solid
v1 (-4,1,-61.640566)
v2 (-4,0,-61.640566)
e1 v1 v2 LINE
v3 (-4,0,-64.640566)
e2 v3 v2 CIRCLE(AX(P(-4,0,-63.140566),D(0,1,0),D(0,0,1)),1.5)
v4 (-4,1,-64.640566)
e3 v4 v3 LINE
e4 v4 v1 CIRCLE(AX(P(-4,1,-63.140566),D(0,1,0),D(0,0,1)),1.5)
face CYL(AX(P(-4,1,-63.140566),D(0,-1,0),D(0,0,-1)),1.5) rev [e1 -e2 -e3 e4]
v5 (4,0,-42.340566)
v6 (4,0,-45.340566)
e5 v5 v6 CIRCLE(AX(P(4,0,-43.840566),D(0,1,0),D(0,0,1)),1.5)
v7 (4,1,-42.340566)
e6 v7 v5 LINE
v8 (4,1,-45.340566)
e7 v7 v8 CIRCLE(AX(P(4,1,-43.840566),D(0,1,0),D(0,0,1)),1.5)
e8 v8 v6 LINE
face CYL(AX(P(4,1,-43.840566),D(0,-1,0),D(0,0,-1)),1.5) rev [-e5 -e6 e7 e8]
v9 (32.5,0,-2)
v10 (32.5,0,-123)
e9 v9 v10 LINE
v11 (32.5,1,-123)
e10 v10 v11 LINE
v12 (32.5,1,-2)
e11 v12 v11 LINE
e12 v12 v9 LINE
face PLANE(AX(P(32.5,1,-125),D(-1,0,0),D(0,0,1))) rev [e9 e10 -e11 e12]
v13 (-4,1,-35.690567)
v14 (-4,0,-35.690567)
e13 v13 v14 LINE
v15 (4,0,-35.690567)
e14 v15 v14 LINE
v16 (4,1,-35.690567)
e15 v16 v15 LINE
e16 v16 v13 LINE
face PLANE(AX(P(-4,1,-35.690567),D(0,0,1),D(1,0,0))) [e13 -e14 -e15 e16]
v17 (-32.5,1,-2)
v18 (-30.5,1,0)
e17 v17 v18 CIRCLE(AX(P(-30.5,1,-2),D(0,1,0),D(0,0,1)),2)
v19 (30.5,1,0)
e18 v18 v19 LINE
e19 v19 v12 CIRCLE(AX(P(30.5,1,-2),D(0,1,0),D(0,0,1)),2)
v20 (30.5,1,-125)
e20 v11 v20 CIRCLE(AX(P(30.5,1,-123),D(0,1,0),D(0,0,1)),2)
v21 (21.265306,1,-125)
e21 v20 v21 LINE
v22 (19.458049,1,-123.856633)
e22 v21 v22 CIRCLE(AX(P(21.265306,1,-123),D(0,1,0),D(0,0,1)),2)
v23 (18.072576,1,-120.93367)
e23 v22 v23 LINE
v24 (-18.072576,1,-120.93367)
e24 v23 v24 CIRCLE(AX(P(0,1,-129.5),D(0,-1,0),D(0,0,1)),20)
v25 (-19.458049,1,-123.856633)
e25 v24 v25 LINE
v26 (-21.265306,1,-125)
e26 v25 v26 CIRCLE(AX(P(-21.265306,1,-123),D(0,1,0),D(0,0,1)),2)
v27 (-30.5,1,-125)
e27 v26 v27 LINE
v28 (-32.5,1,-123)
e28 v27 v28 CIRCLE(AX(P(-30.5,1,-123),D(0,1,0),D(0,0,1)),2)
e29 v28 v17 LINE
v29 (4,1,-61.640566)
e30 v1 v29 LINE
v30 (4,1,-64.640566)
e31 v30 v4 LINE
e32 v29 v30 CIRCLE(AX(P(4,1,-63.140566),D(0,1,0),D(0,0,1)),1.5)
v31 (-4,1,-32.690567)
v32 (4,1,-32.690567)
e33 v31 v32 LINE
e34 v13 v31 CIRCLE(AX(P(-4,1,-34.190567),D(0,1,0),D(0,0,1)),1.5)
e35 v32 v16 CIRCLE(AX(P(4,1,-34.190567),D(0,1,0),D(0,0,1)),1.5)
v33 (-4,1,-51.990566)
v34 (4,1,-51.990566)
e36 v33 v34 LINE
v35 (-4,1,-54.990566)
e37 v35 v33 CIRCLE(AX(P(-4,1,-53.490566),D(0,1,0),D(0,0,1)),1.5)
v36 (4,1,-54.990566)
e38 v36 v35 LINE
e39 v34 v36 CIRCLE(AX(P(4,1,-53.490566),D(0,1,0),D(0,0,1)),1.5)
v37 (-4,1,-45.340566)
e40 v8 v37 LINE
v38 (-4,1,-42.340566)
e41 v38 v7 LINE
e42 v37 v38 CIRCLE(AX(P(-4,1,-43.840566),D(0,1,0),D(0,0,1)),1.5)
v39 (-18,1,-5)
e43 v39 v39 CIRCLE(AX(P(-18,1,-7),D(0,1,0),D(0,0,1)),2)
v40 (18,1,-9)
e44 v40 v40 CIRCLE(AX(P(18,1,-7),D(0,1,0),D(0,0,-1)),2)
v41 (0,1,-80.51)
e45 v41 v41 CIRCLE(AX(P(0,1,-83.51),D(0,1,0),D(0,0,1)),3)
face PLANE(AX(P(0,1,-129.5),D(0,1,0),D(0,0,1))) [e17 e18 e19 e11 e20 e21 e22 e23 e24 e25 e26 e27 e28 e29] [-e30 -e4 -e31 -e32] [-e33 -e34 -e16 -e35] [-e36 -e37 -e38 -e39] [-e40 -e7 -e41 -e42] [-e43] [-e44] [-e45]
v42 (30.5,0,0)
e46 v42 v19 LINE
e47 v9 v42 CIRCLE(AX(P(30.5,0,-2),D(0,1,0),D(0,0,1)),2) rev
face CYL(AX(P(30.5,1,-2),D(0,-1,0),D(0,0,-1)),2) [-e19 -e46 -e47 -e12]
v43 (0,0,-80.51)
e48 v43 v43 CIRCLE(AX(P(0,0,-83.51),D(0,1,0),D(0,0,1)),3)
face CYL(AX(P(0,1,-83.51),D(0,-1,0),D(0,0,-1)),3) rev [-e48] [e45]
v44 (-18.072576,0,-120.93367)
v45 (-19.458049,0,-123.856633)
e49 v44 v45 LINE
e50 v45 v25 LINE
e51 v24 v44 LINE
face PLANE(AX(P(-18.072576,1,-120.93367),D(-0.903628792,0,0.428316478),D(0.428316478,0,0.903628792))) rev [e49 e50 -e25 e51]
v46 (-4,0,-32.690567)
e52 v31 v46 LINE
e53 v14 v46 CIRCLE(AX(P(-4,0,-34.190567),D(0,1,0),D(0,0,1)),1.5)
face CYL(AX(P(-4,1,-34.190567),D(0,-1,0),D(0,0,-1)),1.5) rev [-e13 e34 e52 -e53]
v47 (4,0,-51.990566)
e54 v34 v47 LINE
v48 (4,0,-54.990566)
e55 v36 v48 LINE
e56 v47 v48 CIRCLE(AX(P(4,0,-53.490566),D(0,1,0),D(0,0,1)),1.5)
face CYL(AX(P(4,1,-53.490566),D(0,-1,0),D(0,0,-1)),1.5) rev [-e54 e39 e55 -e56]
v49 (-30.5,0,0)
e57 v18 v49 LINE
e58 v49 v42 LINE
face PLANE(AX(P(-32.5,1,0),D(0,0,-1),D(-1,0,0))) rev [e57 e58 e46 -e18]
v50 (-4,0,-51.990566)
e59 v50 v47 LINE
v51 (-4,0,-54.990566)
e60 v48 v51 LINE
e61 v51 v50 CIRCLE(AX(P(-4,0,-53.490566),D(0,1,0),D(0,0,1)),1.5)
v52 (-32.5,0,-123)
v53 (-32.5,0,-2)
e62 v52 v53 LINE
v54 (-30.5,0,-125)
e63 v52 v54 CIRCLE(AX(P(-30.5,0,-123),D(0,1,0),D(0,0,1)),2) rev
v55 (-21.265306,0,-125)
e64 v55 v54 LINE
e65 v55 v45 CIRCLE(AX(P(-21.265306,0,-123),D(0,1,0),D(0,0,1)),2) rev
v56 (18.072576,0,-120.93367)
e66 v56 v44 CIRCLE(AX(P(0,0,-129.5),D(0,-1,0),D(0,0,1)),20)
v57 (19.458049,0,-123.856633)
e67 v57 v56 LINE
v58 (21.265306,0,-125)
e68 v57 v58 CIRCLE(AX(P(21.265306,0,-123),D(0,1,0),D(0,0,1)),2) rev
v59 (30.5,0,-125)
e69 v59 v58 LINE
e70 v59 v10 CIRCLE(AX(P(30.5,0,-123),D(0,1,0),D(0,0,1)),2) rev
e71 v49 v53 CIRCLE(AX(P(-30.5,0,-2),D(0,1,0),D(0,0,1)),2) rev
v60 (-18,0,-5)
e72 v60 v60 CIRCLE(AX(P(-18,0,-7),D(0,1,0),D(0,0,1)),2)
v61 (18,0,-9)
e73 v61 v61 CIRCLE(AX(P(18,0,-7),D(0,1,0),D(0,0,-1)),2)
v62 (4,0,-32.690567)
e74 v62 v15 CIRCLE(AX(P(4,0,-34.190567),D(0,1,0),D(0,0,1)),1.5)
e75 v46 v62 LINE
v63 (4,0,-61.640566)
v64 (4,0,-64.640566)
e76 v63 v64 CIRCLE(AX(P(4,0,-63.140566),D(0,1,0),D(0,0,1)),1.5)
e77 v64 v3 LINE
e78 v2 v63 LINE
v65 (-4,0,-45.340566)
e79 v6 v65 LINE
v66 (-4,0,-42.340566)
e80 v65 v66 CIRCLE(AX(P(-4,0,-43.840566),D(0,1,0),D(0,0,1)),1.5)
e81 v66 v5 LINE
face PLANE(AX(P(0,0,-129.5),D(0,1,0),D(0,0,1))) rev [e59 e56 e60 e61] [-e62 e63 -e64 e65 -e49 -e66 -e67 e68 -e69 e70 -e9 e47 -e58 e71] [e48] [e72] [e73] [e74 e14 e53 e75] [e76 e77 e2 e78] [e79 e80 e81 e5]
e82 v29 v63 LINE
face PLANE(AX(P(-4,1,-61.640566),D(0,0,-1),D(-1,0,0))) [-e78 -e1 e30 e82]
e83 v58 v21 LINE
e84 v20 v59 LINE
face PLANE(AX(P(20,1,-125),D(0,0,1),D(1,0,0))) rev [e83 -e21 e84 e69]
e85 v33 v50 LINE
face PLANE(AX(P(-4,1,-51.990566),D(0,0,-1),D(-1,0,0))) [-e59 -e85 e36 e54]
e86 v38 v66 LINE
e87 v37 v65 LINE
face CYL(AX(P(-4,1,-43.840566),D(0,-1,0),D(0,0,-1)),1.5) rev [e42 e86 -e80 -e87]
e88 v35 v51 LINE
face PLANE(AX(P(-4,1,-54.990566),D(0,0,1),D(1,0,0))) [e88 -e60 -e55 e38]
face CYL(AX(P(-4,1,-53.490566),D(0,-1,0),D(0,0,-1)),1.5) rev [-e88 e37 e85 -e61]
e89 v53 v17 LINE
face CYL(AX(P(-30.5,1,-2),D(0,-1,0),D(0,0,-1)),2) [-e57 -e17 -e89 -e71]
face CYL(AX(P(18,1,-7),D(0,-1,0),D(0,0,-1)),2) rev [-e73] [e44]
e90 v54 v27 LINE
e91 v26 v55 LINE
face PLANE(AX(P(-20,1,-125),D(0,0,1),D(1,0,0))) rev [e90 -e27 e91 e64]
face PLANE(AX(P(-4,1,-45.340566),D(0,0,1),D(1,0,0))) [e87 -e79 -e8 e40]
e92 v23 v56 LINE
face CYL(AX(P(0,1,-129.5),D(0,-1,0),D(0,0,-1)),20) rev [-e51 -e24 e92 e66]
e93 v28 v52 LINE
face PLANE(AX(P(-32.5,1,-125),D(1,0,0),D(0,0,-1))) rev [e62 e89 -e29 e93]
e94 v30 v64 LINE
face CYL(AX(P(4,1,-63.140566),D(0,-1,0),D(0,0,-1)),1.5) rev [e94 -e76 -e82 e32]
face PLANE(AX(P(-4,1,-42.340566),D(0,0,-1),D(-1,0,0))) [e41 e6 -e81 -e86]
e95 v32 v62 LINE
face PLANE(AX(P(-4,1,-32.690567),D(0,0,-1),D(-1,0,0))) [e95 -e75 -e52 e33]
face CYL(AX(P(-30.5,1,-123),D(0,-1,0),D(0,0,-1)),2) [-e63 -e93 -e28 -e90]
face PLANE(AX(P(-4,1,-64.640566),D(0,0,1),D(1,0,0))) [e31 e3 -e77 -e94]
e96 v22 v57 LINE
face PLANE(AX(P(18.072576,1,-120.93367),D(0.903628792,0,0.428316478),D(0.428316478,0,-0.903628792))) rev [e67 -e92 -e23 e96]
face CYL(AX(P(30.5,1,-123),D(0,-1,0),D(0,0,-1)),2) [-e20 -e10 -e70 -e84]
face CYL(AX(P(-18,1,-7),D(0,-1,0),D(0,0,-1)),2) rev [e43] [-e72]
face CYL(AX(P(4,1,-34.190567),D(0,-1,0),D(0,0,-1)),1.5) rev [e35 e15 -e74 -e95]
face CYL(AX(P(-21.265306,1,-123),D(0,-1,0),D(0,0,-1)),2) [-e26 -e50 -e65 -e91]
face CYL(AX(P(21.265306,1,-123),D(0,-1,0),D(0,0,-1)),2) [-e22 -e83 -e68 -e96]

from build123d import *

# Parameters (mm, degrees)
SKETCH_1_R      = 2
SKETCH_1_R_2    = 3
EXTRUDE_1_DEPTH = 1
FILLET_1_R      = 2


with BuildPart() as part:
    # 草图1 → Extrude 1 (new body)
    with BuildSketch(Plane(origin=(0, 0, 0), x_dir=(1, 0, 0), z_dir=(0, 1, 0))):
        with BuildLine():
            Line((-18.072575848, 120.933670434), (-20, 125))
            Line((-20, 125), (-32.5, 125))
            Line((-32.5, 125), (-32.5, 0))
            Line((-32.5, 0), (32.5, 0))
            Line((32.5, 0), (32.5, 125))
            Line((32.5, 125), (20, 125))
            Line((20, 125), (18.072575848, 120.933670434))
            ThreePointArc((18.072575848, 120.933670434), (0, 109.5), (-18.072575848, 120.933670434))
        make_face()
        with Locations((-18, 7)):
            Circle(SKETCH_1_R, mode=Mode.SUBTRACT)
        with Locations((18, 7)):
            Circle(SKETCH_1_R, mode=Mode.SUBTRACT)
        with Locations((0, 83.51)):
            Circle(SKETCH_1_R_2, mode=Mode.SUBTRACT)
        with BuildLine():
            Line((-4, 35.690566512), (4, 35.690566512))
            ThreePointArc((4, 35.690566512), (5.5, 34.190566512), (4, 32.690566512))
            Line((4, 32.690566512), (-4, 32.690566512))
            ThreePointArc((-4, 32.690566512), (-5.5, 34.190566512), (-4, 35.690566512))
        make_face(mode=Mode.SUBTRACT)
        with BuildLine():
            Line((-4, 45.340566355), (4, 45.340566355))
            ThreePointArc((4, 45.340566355), (5.5, 43.840566355), (4, 42.340566355))
            Line((4, 42.340566355), (-4, 42.340566355))
            ThreePointArc((-4, 42.340566355), (-5.5, 43.840566355), (-4, 45.340566355))
        make_face(mode=Mode.SUBTRACT)
        with BuildLine():
            Line((-4, 54.990566199), (4, 54.990566199))
            ThreePointArc((4, 54.990566199), (5.5, 53.490566199), (4, 51.990566199))
            Line((4, 51.990566199), (-4, 51.990566199))
            ThreePointArc((-4, 51.990566199), (-5.5, 53.490566199), (-4, 54.990566199))
        make_face(mode=Mode.SUBTRACT)
        with BuildLine():
            Line((-4, 64.640566042), (4, 64.640566042))
            ThreePointArc((4, 64.640566042), (5.5, 63.140566042), (4, 61.640566042))
            Line((4, 61.640566042), (-4, 61.640566042))
            ThreePointArc((-4, 61.640566042), (-5.5, 63.140566042), (-4, 64.640566042))
        make_face(mode=Mode.SUBTRACT)
    extrude(amount=EXTRUDE_1_DEPTH)

    # 圆角1
    fillet_1_edges = [part.edges().sort_by_distance(p)[0] for p in [
        (20, 0.5, -125),
        (32.5, 0.5, -125),
        (-20, 0.5, -125),
        (-32.5, 0.5, 0),
        (-32.5, 0.5, -125),
        (32.5, 0.5, 0),
    ]]
    fillet(fillet_1_edges, radius=FILLET_1_R)


solid = part.part
